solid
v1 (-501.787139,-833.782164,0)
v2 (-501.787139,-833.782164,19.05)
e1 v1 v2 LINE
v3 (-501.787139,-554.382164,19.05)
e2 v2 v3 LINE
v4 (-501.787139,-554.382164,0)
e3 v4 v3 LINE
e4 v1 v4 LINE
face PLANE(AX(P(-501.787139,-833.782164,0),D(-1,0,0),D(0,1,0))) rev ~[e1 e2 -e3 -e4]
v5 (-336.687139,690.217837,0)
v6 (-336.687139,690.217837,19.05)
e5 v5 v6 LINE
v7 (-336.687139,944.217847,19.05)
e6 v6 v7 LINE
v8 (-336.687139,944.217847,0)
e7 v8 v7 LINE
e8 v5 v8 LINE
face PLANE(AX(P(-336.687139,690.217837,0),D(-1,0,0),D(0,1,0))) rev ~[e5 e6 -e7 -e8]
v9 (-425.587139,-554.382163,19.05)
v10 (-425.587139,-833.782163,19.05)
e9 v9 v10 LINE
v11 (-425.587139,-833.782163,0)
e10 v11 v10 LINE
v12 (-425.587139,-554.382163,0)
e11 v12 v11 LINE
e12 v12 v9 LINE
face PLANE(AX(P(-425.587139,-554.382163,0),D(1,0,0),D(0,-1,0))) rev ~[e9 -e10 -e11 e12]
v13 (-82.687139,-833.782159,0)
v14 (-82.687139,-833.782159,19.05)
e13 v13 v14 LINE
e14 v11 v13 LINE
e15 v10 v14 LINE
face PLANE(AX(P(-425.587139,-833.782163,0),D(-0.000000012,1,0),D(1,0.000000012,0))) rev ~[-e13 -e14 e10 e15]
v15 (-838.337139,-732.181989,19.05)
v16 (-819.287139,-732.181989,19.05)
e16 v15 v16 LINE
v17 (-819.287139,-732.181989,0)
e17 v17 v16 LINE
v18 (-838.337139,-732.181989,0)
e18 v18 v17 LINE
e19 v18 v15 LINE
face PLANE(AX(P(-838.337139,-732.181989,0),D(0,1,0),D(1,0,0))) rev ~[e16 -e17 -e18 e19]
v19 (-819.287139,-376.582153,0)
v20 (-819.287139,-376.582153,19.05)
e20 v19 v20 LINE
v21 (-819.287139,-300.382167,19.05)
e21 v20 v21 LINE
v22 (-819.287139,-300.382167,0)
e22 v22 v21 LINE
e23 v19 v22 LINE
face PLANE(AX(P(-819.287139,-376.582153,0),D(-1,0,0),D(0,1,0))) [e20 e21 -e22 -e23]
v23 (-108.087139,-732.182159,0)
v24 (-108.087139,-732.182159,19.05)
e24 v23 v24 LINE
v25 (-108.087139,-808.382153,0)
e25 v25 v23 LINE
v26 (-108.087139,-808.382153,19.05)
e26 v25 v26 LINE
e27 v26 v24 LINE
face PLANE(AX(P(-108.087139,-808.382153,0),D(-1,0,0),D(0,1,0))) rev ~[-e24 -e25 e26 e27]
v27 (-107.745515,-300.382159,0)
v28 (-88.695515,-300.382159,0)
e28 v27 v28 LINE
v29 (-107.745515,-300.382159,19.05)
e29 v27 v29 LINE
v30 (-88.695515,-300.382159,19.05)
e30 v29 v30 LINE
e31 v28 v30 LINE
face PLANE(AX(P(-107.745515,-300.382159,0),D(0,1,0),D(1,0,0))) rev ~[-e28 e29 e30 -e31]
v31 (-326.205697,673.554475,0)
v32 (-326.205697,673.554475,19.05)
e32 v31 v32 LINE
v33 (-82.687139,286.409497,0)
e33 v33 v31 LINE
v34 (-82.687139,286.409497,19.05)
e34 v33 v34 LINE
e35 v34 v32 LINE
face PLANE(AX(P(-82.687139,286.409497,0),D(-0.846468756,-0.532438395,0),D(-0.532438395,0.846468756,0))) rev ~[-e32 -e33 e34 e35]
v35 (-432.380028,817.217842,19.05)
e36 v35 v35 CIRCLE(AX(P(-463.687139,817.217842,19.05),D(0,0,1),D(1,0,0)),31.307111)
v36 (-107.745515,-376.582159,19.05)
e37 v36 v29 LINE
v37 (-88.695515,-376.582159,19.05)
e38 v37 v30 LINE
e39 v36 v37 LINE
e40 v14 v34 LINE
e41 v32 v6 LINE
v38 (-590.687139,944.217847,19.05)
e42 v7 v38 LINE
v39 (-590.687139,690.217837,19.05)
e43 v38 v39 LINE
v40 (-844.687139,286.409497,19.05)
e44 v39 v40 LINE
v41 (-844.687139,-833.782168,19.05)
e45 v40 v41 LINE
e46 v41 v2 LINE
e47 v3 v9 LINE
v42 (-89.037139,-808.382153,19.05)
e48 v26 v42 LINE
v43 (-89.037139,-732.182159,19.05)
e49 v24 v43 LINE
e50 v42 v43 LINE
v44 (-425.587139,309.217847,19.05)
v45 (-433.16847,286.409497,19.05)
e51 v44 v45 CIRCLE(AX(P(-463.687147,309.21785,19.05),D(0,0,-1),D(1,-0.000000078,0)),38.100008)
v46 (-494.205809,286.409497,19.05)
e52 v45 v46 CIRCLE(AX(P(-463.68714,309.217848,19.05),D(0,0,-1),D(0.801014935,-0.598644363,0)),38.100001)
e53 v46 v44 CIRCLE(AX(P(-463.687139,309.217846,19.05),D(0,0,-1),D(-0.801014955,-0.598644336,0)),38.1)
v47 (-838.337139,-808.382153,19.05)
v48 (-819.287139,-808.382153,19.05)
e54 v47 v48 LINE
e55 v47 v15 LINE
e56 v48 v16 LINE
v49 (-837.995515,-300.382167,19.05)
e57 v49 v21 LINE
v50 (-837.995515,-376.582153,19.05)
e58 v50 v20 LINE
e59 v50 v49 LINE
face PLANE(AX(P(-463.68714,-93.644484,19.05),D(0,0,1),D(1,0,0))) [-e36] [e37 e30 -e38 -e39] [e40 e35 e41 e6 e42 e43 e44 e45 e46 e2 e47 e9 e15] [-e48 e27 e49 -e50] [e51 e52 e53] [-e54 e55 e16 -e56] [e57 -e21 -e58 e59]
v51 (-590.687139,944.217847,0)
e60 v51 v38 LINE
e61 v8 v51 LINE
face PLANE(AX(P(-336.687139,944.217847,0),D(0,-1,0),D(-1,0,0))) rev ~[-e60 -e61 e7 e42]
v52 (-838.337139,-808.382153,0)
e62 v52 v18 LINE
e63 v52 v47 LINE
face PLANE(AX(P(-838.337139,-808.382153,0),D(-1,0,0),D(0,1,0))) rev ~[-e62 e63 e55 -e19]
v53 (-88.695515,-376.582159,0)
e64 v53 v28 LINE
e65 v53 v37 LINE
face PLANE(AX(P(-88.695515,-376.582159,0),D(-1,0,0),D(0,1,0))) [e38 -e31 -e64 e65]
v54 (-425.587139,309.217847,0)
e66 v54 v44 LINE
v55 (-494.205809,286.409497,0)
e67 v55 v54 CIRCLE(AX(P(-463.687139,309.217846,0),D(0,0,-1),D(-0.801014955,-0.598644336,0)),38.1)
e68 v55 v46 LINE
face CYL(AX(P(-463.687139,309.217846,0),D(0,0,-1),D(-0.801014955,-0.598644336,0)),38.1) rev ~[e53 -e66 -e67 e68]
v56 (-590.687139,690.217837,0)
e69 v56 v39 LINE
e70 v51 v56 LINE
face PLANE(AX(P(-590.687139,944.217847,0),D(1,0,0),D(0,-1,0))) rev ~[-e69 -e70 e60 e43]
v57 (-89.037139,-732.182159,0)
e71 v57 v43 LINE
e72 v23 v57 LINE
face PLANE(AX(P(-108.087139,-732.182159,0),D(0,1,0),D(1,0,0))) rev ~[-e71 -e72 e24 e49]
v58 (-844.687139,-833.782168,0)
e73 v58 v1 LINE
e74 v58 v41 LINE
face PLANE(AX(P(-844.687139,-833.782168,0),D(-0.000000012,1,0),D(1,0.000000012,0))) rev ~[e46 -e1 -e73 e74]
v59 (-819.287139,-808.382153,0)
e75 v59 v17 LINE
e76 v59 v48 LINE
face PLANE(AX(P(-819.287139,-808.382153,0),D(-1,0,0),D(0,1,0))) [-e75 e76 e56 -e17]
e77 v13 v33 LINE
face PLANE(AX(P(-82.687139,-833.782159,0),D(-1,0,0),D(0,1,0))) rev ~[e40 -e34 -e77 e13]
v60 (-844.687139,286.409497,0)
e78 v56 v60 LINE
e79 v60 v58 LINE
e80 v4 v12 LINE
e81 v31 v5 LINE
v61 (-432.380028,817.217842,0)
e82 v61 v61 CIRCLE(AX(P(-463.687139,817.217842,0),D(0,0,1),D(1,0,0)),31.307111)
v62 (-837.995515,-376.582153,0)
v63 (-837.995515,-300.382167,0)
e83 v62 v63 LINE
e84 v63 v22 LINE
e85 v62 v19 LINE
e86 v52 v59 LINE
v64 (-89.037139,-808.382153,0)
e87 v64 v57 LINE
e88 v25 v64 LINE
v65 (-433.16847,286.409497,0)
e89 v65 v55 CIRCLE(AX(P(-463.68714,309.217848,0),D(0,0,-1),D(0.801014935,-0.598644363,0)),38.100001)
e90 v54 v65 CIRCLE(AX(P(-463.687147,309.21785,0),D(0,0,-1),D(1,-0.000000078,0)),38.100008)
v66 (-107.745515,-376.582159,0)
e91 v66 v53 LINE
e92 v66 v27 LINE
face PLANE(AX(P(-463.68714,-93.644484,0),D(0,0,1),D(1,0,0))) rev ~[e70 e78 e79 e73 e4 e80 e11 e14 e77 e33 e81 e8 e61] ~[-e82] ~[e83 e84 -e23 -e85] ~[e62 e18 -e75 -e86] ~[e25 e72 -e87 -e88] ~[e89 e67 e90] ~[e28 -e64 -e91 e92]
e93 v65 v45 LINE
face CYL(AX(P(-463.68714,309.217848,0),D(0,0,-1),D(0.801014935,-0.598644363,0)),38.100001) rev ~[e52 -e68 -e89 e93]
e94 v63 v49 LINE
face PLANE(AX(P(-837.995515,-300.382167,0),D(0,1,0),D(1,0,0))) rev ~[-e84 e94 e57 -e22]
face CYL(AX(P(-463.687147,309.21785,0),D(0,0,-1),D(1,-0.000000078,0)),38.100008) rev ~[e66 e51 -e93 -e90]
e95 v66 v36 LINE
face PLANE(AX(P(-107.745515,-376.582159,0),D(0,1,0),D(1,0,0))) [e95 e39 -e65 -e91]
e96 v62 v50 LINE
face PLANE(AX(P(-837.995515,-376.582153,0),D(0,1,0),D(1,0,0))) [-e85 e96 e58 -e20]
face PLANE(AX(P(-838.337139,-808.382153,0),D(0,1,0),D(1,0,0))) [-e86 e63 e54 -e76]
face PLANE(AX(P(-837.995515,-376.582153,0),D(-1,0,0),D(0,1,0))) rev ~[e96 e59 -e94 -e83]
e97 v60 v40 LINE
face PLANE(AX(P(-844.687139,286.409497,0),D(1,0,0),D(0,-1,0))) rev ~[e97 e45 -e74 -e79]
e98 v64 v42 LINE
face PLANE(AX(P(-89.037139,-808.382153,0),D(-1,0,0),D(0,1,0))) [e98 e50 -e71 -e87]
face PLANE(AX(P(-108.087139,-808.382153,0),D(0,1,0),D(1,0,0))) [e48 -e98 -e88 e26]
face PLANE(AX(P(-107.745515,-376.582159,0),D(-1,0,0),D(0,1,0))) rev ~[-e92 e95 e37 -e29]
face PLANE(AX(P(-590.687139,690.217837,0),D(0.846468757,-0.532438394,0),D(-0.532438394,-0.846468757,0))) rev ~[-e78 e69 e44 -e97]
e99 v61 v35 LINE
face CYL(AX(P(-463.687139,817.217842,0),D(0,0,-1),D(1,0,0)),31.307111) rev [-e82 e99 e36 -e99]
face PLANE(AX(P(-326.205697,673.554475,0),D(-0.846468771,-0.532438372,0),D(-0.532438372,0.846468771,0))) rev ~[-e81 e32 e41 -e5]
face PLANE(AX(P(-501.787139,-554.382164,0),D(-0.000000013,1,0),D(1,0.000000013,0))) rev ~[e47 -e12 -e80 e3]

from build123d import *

# Parameters (mm, degrees)
F0_W     = 19.05
F0_H     = 76.200164
F0_W_2   = 18.708376
F0_H_2   = 76.199986
F0_H_3   = 76.199994
F0_H_4   = 76.2
F0_R     = 31.307111
F1_DEPTH = 19.05


with BuildPart() as f1:
    # F0 (on Top) → F1 (new body)
    with BuildSketch(Plane.XY):
        Polygon((-844.687139, 286.409497), (-844.687139, -808.382153), (-844.687139, -833.782168), (-501.787139, -833.782164), (-501.787139, -554.382164), (-425.587139, -554.382163), (-425.587139, -833.782163), (-82.687139, -833.782159), (-82.687139, 286.409497), (-326.205697, 673.554475), (-336.687139, 690.217837), (-336.687139, 944.217847), (-590.687139, 944.217847), (-590.687139, 817.217842), (-590.687139, 690.217837), align=None)
        with Locations((-828.812139, -770.282071)):
            Rectangle(F0_W, F0_H, mode=Mode.SUBTRACT)
        with Locations((-828.641327, -338.48216)):
            Rectangle(F0_W_2, F0_H_2, mode=Mode.SUBTRACT)
        with Locations((-98.562139, -770.282156)):
            Rectangle(F0_W, F0_H_3, mode=Mode.SUBTRACT)
        with Locations((-98.220515, -338.482159)):
            Rectangle(F0_W, F0_H_4, mode=Mode.SUBTRACT)
        with BuildLine():
            ThreePointArc((-494.205809, 286.409497), (-475.704807, 345.372869), (-425.587139, 309.217847))
            ThreePointArc((-425.587139, 309.217847), (-427.532117, 297.200179), (-433.16847, 286.409497))
            ThreePointArc((-433.16847, 286.409497), (-463.687139, 271.117847), (-494.205809, 286.409497))
        make_face(mode=Mode.SUBTRACT)
        with Locations((-463.687139, 817.217842)):
            Circle(F0_R, mode=Mode.SUBTRACT)
    extrude(amount=F1_DEPTH)


solid = f1.part
